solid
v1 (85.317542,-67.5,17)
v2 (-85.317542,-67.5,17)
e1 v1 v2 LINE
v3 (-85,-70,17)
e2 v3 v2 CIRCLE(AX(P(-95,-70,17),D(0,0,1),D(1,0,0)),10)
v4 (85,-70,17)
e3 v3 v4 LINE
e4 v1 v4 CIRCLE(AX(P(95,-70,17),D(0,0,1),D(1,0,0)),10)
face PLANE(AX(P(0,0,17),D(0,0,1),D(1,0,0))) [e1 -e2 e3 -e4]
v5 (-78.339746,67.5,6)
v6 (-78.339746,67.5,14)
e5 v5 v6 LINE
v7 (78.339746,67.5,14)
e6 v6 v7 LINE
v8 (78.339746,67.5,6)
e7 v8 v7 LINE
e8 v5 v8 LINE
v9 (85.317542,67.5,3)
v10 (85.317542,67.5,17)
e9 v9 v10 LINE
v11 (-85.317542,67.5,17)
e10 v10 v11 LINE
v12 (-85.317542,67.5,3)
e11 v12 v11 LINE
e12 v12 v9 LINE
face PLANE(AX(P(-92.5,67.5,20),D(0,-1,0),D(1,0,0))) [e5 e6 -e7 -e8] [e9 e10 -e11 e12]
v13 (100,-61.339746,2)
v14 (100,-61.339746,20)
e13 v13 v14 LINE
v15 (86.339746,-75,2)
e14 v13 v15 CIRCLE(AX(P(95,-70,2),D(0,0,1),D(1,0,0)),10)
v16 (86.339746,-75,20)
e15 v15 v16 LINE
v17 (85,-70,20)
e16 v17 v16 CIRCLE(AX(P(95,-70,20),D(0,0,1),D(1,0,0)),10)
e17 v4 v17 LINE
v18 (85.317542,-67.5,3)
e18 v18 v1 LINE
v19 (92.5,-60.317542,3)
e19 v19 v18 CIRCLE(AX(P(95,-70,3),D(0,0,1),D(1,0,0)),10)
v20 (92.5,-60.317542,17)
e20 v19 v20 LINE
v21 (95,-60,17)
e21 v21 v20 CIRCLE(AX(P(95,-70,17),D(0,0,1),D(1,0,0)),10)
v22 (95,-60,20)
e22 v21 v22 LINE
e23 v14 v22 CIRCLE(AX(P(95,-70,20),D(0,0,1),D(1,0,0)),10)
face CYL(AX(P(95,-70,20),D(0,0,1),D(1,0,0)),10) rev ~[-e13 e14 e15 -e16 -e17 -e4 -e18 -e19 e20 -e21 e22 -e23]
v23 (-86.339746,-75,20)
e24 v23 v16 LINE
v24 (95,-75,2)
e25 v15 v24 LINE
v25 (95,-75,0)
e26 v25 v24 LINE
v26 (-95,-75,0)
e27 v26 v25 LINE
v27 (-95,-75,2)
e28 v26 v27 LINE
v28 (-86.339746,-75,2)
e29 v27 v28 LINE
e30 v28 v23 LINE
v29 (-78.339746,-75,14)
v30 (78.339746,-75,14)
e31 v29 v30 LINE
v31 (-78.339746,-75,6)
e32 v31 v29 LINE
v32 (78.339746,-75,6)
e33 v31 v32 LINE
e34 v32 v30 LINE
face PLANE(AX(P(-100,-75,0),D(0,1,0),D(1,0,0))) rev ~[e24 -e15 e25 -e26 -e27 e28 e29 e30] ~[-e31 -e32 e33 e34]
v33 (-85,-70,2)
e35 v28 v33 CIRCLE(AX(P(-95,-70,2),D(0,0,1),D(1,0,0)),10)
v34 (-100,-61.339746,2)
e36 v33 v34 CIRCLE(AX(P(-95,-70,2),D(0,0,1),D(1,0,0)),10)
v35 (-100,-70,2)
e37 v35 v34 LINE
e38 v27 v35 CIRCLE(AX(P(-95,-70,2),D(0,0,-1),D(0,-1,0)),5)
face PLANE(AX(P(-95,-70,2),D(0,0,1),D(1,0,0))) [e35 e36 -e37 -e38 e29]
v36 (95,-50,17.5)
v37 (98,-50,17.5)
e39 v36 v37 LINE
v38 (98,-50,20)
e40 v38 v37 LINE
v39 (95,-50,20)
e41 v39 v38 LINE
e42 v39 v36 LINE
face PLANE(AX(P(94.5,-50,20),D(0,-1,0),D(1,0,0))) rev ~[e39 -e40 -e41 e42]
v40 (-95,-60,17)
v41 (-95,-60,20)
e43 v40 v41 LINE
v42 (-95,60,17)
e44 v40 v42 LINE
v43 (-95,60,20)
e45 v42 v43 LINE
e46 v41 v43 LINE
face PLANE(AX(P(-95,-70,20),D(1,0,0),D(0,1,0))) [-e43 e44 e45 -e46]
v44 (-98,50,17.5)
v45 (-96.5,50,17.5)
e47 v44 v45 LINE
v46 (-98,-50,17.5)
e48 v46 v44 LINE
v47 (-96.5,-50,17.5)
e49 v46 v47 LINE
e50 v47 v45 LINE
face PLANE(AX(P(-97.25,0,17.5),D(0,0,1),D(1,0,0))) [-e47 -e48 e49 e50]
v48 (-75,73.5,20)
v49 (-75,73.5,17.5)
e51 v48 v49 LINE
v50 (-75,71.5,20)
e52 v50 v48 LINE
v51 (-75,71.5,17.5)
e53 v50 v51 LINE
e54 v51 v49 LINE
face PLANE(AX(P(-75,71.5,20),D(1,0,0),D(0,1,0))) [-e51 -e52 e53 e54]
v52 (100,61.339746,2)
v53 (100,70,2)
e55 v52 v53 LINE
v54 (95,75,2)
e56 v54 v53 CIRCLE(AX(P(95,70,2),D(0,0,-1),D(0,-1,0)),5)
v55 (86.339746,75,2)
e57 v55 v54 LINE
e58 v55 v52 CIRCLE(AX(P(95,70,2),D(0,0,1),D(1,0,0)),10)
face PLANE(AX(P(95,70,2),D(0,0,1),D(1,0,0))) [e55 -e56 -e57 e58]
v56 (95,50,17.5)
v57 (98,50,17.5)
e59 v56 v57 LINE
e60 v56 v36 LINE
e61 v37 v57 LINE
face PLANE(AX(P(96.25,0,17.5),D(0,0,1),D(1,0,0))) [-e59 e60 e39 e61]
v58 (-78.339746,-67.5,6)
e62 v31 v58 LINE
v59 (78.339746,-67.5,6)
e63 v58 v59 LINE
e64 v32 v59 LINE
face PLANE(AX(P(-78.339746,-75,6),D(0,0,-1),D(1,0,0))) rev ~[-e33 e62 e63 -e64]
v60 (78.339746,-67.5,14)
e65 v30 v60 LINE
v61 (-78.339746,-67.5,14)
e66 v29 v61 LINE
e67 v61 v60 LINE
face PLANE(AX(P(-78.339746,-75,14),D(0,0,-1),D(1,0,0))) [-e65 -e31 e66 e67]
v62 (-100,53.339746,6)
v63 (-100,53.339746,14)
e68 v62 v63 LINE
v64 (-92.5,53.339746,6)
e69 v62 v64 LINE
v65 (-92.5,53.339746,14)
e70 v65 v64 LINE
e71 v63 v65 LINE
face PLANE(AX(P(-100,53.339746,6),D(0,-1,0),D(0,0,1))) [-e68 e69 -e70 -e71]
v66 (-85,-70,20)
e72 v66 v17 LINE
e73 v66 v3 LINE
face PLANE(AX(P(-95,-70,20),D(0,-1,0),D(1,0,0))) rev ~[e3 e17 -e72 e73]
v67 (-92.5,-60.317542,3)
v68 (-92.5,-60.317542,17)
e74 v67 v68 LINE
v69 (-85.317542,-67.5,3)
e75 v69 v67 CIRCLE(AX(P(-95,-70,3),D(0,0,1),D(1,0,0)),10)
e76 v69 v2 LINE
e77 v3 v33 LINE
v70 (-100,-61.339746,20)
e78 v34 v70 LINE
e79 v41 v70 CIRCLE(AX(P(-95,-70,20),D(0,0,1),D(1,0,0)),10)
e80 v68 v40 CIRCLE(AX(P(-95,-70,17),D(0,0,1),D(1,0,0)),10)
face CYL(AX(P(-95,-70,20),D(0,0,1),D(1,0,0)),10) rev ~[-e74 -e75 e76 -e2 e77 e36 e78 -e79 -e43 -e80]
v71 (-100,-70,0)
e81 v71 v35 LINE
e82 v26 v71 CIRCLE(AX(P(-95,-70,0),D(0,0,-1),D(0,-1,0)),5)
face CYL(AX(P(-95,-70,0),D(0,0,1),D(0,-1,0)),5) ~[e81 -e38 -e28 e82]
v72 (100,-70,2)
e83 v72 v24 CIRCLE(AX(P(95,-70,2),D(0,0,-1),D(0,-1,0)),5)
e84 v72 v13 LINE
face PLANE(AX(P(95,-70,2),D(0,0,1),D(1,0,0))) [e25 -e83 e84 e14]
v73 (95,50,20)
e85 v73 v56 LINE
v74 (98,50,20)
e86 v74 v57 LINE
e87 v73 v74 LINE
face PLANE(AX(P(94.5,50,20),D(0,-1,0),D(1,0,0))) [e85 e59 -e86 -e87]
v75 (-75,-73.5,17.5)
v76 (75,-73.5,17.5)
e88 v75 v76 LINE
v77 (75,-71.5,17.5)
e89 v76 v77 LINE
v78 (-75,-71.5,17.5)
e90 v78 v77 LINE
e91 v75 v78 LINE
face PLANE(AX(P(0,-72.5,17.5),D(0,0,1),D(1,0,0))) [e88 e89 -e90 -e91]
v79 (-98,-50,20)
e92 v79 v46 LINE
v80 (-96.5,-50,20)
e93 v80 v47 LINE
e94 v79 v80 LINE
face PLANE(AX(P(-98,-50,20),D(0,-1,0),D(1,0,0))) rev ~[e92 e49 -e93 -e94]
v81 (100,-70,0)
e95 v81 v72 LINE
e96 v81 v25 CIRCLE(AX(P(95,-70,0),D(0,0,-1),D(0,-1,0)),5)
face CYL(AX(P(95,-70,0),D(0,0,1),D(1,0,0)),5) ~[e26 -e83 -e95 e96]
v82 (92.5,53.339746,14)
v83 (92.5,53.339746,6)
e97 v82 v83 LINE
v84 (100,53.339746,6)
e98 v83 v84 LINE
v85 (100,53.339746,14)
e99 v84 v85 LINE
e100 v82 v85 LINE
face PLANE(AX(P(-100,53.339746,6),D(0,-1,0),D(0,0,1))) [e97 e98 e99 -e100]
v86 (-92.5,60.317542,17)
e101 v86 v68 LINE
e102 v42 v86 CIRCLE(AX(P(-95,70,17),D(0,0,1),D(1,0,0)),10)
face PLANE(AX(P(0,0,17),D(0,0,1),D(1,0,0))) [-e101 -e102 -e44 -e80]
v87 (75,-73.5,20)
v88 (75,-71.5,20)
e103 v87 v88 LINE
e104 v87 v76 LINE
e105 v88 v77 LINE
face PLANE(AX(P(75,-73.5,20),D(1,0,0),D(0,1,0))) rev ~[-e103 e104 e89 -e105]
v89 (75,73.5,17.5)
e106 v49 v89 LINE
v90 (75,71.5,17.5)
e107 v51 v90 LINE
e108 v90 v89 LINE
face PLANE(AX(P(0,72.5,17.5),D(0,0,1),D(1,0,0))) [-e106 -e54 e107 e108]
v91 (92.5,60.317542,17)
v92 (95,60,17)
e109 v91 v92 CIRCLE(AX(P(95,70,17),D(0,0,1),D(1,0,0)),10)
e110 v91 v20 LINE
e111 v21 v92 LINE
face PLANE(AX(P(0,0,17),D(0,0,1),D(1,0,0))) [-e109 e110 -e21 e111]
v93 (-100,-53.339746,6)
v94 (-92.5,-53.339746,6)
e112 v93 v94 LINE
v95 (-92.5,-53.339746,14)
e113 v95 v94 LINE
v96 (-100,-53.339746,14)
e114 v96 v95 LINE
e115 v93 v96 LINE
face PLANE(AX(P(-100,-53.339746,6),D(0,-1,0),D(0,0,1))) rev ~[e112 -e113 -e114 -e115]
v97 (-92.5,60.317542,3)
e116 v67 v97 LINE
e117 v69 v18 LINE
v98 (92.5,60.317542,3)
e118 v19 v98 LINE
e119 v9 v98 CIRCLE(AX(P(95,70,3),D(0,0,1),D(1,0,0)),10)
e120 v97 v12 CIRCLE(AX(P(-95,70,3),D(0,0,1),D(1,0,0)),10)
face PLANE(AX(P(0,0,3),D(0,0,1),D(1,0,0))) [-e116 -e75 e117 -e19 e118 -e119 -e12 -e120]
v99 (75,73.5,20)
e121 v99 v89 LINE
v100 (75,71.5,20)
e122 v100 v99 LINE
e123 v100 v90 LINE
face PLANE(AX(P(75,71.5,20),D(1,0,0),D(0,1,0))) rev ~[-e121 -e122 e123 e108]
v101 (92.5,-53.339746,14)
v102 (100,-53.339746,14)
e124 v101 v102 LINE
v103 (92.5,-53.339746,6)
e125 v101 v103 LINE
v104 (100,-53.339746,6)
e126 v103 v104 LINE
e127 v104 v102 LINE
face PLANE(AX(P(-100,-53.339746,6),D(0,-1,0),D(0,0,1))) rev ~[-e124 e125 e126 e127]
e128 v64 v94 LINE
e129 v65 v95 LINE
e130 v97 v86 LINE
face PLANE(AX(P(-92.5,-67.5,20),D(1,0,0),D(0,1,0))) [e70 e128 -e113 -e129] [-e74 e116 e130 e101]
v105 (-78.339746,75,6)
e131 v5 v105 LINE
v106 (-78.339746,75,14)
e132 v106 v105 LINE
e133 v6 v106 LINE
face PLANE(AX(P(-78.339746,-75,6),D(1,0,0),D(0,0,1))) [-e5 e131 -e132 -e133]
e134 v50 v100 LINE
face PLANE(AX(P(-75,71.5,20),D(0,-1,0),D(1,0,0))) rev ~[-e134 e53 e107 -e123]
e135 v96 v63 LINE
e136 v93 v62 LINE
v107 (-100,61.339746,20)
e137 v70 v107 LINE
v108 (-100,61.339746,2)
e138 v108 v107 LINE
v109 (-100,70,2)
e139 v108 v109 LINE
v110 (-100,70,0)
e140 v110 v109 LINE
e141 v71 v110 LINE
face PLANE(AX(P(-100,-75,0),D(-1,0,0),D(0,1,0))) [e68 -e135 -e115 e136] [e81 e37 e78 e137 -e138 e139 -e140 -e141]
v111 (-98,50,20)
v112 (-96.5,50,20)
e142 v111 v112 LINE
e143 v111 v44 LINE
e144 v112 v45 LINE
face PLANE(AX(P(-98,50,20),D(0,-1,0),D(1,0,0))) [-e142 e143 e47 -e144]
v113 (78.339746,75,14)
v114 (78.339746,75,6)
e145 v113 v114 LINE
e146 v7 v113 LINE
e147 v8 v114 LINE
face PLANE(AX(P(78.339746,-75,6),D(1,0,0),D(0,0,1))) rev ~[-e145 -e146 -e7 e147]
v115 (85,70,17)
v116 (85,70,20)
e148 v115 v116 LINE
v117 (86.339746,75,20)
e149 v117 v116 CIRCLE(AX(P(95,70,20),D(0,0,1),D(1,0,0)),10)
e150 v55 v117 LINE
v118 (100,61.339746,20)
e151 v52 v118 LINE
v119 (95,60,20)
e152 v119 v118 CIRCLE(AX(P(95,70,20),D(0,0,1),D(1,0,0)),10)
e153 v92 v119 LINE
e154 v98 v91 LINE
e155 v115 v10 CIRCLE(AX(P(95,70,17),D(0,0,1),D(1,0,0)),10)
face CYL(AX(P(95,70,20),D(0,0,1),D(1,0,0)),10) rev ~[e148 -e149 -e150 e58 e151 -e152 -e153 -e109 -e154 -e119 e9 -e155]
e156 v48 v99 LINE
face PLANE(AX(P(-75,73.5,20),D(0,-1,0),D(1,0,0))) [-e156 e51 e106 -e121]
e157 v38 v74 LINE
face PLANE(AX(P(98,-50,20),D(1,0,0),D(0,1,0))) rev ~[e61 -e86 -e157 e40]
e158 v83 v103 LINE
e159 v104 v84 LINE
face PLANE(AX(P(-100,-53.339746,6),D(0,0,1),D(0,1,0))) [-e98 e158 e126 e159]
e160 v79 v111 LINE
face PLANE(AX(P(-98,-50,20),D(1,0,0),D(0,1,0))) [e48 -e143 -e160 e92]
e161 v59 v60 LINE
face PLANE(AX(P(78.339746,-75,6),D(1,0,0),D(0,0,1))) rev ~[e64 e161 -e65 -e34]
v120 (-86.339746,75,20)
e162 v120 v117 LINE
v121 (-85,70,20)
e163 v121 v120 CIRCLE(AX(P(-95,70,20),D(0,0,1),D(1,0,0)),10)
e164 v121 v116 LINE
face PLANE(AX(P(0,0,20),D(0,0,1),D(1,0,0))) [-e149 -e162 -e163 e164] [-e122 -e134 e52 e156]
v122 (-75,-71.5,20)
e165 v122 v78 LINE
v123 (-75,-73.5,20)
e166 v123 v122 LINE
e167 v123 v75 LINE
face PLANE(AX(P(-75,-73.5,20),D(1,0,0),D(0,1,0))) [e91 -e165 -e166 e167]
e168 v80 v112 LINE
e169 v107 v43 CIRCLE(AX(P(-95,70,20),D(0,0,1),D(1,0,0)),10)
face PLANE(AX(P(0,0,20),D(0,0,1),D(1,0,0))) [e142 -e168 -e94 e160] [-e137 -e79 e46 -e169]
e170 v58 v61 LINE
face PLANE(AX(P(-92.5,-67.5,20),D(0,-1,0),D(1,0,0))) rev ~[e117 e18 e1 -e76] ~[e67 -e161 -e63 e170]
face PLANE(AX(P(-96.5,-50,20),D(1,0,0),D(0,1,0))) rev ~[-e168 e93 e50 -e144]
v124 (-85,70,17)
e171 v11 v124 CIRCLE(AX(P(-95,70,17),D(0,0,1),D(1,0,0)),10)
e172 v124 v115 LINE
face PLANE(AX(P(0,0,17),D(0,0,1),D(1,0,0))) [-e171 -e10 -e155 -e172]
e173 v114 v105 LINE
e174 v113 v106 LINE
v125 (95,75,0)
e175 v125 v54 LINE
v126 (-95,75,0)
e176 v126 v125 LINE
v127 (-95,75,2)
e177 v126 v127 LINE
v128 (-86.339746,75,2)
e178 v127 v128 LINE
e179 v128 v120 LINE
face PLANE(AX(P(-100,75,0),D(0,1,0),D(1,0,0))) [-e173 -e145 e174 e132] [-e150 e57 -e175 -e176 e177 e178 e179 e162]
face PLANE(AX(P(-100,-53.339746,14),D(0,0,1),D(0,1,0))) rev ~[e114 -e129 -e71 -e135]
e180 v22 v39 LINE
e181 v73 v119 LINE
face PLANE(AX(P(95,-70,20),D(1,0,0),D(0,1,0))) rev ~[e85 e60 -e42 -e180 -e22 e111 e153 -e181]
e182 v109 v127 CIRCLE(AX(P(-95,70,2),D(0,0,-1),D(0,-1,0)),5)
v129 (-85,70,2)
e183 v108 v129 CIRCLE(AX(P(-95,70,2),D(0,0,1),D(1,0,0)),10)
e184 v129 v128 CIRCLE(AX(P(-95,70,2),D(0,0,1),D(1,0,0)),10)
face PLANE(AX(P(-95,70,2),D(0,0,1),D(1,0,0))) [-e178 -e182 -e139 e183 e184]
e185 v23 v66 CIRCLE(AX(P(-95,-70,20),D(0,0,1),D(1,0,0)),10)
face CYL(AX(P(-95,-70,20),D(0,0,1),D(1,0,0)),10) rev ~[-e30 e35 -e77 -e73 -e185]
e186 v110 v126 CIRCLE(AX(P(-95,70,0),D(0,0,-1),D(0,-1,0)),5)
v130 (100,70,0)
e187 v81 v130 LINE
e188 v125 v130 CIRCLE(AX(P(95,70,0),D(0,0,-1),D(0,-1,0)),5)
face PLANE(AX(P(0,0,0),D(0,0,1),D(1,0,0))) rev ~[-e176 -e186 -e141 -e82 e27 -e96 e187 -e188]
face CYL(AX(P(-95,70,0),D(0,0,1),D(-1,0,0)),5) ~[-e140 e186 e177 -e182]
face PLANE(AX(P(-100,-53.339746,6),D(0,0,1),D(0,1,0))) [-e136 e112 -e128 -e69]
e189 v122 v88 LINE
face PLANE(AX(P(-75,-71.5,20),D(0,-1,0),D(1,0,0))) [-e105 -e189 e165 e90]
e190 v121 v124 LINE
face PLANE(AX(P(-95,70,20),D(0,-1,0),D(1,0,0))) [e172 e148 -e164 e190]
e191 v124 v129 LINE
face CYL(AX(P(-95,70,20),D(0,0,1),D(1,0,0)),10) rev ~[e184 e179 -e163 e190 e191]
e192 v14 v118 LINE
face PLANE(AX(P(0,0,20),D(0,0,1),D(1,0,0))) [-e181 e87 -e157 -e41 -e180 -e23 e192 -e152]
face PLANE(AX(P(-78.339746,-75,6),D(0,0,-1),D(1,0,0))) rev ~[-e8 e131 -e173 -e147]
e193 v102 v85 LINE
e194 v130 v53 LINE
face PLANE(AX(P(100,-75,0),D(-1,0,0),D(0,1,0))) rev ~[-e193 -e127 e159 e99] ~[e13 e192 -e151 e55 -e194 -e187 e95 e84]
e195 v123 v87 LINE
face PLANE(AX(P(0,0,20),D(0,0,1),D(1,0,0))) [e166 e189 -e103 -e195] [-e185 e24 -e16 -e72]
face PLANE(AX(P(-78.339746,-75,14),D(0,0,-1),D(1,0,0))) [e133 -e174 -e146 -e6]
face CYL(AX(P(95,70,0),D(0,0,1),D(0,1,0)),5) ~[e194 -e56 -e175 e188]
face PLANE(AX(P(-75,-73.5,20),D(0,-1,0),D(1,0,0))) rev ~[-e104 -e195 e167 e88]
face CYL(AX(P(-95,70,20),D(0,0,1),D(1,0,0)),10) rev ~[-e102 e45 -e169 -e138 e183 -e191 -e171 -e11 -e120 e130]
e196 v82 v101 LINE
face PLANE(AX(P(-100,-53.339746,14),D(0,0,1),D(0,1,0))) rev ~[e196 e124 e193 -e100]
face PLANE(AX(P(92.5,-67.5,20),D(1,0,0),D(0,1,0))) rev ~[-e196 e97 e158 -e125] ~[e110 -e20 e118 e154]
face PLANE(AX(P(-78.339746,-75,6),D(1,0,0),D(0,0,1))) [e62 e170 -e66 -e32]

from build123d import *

# Parameters (mm, degrees)
ESBO_O1_W                = 200
ESBO_O1_H                = 150
RESSALTO_EXTRUS_O1_DEPTH = 20
ESBO_O4_W                = 185
ESBO_O4_H                = 135
CORTE_EXTRUS_O2_DEPTH    = 17
ESBO_O3_W                = 190
ESBO_O3_H                = 140
CORTE_EXTRUS_O3_DEPTH    = 3
ESBO_O6_R                = 10
CORTE_EXTRUS_O4_DEPTH    = 18
FILETE4_R                = 5
FILETE5_R                = 5
FILETE6_R                = 5
FILETE7_R                = 5
ESBO_O7_W                = 156.679491924
ESBO_O7_H                = 8
CORTE_EXTRUS_O5_DEPTH    = 300
ESBO_O8_W                = 8
ESBO_O8_H                = 106.679491924
CORTE_EXTRUS_O6_DEPTH    = 300
ESBO_O15_W               = 1.5
ESBO_O15_H               = 100
ESBO_O15_W_2             = 150
ESBO_O15_H_2             = 2
ESBO_O15_W_3             = 3.5
CORTE_EXTRUS_O7_DEPTH    = 2.5


with BuildPart() as part:
    # Esboço1 → Ressalto-extrusão1 (new body)
    with BuildSketch(Plane.XY):
        Rectangle(ESBO_O1_W, ESBO_O1_H)
    extrude(amount=RESSALTO_EXTRUS_O1_DEPTH)

    # Esboço4 → Corte-extrusão2 (cut)
    with BuildSketch(Plane.XY.offset(20)):
        Rectangle(ESBO_O4_W, ESBO_O4_H)
    extrude(amount=-CORTE_EXTRUS_O2_DEPTH, mode=Mode.SUBTRACT)

    # Esboço3 → Corte-extrusão3 (cut)
    with BuildSketch(Plane.XY.offset(20)):
        Rectangle(ESBO_O3_W, ESBO_O3_H)
    extrude(amount=-CORTE_EXTRUS_O3_DEPTH, mode=Mode.SUBTRACT)

    # Esboço6 → Corte-extrusão4 (cut)
    with BuildSketch(Plane.XY.offset(20)):
        with Locations((-95, 70)):
            Circle(ESBO_O6_R)
        with Locations((95, 70)):
            Circle(ESBO_O6_R)
        with Locations((-95, -70)):
            Circle(ESBO_O6_R)
        with Locations((95, -70)):
            Circle(ESBO_O6_R)
    extrude(amount=-CORTE_EXTRUS_O4_DEPTH, mode=Mode.SUBTRACT)

    # Filete4
    filete4_edges = [part.edges().sort_by_distance(p)[0] for p in [
        (-100, 75, 1),
    ]]
    fillet(filete4_edges, radius=FILETE4_R)

    # Filete5
    filete5_edges = [part.edges().sort_by_distance(p)[0] for p in [
        (100, 75, 1),
    ]]
    fillet(filete5_edges, radius=FILETE5_R)

    # Filete6
    filete6_edges = [part.edges().sort_by_distance(p)[0] for p in [
        (100, -75, 1),
    ]]
    fillet(filete6_edges, radius=FILETE6_R)

    # Filete7
    filete7_edges = [part.edges().sort_by_distance(p)[0] for p in [
        (-100, -75, 1),
    ]]
    fillet(filete7_edges, radius=FILETE7_R)

    # Esboço7 → Corte-extrusão5 (cut)
    with BuildSketch(Plane.XZ.offset(75)):
        with Locations((0, 10)):
            Rectangle(ESBO_O7_W, ESBO_O7_H)
    extrude(amount=-CORTE_EXTRUS_O5_DEPTH, mode=Mode.SUBTRACT)

    # Esboço8 → Corte-extrusão6 (cut)
    with BuildSketch(Plane.ZY.offset(100)):
        with Locations((10, 0)):
            Rectangle(ESBO_O8_W, ESBO_O8_H)
    extrude(amount=-CORTE_EXTRUS_O6_DEPTH, mode=Mode.SUBTRACT)

    # Esboço15 → Corte-extrusão7 (cut)
    with BuildSketch(Plane.XY.offset(20)):
        with Locations((-97.25, 0)):
            Rectangle(ESBO_O15_W, ESBO_O15_H)
        with Locations((0, 72.5)):
            Rectangle(ESBO_O15_W_2, ESBO_O15_H_2)
        with Locations((0, -72.5)):
            Rectangle(ESBO_O15_W_2, ESBO_O15_H_2)
        with Locations((96.25, 0)):
            Rectangle(ESBO_O15_W_3, ESBO_O15_H)
    extrude(amount=-CORTE_EXTRUS_O7_DEPTH, mode=Mode.SUBTRACT)


solid = part.part
